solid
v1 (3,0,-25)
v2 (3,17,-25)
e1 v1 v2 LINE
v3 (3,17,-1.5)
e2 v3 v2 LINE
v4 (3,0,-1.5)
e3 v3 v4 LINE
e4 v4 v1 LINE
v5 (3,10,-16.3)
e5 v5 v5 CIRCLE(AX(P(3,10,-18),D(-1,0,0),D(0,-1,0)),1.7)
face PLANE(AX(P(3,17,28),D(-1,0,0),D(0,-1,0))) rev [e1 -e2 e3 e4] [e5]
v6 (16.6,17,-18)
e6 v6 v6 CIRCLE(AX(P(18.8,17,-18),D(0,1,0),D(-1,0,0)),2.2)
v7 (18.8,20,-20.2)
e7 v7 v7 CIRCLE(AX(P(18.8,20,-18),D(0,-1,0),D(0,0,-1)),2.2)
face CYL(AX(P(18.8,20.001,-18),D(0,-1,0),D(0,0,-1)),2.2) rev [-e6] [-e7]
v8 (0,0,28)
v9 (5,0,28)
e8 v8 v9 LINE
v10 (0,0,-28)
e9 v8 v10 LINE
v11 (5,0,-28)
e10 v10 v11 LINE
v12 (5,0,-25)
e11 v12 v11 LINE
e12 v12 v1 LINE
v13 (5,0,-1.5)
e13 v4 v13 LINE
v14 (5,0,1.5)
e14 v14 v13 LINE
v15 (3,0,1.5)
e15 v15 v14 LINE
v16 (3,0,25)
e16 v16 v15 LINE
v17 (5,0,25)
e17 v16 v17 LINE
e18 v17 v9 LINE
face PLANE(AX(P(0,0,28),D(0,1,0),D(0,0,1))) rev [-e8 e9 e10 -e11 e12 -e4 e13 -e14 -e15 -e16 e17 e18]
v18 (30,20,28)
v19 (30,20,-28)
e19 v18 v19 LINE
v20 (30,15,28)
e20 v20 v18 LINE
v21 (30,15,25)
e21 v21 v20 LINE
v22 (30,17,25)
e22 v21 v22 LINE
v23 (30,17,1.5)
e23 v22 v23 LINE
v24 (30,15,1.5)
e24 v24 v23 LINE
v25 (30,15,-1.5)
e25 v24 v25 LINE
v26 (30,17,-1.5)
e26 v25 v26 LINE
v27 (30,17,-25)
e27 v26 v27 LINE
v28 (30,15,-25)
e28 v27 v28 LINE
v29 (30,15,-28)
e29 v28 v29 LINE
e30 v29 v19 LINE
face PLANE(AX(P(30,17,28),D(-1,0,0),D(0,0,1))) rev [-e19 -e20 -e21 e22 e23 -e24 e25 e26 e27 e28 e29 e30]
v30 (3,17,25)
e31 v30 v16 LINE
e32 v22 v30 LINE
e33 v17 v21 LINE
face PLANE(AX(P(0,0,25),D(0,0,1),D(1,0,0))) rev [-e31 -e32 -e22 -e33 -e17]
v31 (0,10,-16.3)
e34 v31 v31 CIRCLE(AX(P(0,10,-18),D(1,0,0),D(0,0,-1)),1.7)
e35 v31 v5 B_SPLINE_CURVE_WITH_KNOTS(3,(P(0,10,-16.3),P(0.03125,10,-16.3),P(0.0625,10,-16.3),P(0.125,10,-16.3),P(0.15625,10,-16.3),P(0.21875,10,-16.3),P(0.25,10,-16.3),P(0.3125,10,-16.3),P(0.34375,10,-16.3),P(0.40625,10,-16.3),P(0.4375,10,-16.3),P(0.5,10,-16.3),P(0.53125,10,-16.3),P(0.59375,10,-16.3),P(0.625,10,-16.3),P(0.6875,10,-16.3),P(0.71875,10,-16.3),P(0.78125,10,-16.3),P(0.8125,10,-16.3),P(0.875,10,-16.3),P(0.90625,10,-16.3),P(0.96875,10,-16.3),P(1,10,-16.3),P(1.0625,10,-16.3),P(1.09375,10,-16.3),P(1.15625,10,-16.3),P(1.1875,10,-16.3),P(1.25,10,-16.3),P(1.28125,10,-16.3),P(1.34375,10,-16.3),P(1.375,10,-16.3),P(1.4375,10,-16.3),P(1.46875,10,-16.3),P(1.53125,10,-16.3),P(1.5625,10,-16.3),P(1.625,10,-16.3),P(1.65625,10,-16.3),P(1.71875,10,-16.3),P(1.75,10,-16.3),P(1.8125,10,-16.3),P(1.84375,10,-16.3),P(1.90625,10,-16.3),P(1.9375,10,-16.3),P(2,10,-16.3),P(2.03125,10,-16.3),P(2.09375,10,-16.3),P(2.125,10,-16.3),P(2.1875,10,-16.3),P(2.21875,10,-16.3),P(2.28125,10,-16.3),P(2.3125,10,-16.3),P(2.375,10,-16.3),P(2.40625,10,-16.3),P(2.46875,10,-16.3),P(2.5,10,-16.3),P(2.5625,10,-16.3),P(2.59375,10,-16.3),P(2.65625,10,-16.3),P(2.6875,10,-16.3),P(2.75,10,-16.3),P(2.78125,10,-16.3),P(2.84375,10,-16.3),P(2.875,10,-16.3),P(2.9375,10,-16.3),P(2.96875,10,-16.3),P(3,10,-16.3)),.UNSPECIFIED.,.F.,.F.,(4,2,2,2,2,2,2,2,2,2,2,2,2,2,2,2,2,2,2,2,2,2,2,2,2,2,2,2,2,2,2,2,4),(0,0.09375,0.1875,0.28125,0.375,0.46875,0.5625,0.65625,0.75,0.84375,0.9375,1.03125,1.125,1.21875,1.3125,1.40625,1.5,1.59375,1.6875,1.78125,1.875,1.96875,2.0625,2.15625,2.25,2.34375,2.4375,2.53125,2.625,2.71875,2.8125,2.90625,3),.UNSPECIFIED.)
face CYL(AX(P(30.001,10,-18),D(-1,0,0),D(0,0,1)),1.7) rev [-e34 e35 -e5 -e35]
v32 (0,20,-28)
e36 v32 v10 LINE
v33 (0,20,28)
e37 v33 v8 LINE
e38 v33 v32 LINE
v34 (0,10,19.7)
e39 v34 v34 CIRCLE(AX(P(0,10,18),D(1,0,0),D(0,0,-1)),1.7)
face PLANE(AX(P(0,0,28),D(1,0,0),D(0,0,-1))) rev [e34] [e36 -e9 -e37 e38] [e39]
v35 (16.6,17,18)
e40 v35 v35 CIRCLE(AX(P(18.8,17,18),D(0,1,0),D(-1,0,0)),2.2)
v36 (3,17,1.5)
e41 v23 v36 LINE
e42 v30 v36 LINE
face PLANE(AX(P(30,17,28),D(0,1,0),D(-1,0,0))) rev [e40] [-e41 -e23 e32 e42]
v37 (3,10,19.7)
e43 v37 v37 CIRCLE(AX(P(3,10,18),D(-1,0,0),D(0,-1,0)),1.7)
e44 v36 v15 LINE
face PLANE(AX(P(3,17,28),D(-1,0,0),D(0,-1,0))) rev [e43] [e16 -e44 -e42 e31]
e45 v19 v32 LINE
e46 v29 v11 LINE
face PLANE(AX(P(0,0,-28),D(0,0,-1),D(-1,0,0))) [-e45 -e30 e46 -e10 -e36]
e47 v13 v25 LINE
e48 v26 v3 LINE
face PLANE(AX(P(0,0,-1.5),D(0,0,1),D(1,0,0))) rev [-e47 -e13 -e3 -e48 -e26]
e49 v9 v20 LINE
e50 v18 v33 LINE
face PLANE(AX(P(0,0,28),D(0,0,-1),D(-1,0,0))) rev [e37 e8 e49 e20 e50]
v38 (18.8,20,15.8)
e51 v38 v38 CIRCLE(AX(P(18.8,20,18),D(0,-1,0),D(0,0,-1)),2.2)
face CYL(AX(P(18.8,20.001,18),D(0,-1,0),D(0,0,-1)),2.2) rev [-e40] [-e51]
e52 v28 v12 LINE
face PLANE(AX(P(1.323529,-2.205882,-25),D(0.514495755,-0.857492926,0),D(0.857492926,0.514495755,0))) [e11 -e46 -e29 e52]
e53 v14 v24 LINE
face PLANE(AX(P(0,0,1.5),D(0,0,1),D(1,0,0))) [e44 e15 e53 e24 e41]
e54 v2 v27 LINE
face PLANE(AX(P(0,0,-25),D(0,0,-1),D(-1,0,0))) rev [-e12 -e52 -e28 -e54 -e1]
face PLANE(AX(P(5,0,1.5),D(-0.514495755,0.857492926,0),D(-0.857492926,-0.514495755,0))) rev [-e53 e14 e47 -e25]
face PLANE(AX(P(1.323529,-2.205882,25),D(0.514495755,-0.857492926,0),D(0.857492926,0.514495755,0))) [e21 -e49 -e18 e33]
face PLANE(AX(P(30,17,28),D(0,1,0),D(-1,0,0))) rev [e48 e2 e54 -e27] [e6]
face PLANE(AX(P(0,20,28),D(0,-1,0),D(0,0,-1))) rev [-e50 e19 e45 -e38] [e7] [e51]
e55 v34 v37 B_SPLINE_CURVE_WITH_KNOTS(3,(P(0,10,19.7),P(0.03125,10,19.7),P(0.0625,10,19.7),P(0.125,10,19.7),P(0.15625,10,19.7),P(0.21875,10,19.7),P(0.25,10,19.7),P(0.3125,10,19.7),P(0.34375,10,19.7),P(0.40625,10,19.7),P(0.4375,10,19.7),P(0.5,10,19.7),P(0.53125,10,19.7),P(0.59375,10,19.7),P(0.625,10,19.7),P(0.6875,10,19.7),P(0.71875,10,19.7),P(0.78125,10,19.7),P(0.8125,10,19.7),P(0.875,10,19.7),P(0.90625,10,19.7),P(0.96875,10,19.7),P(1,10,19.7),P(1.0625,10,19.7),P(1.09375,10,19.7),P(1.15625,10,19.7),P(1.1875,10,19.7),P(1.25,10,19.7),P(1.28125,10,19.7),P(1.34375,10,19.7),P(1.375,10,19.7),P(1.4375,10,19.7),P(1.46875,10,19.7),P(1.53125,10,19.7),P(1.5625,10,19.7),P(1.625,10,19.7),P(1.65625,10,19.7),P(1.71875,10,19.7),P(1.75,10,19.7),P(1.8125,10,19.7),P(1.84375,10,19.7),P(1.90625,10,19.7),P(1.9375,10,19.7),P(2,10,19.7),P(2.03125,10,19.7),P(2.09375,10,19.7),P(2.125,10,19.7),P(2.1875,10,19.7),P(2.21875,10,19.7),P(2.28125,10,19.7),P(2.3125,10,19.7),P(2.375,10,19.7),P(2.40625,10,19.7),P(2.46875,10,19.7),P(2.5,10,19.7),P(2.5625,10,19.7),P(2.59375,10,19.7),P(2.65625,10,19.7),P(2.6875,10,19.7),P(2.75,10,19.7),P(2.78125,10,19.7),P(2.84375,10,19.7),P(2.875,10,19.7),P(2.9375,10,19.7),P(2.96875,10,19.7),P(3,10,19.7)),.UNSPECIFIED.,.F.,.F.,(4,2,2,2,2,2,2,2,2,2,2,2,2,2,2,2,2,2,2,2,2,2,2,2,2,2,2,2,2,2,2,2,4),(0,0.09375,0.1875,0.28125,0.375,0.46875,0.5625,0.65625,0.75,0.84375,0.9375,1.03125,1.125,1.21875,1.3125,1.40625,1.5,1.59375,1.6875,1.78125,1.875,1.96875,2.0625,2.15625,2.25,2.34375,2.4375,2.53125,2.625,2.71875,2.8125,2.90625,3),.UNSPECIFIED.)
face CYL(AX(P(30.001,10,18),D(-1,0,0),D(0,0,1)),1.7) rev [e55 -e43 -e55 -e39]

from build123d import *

# Parameters (mm, degrees)
EXTRUDE_1_DEPTH     = 28
EXTRUDE_START       = 28
EXTRUDE_2_DEPTH     = 3
EXTRUDE_3_DEPTH     = 1.5
EXTRUDE_START_2     = -28
EXTRUDE_4_DEPTH     = 3
CUT_EXTRUDE_1_REACH = 47.651
SKETCH_3_R          = 2.2
CUT_EXTRUDE_2_REACH = 47.651
SKETCH_4_R          = 1.7


with BuildPart() as part:
    # 草图1 → 凸台-拉伸1 (new, symmetric)
    with BuildSketch(Plane.XY):
        Polygon((0, 0), (0, 20), (30, 20), (30, 17), (3, 17), (3, 0), align=None)
    extrude(amount=EXTRUDE_1_DEPTH, both=True)

    # 草图2 → 凸台-拉伸2 (add)
    with BuildSketch(Plane.XY.offset(EXTRUDE_START)):
        Polygon((3, 0), (5, 0), (30, 15), (30, 17), (3, 17), align=None)
    extrude(amount=-EXTRUDE_2_DEPTH)

    # 草图2<2> → 凸台-拉伸3 (add, symmetric)
    with BuildSketch(Plane.XY):
        Polygon((3, 0), (5, 0), (30, 15), (30, 17), (3, 17), align=None)
    extrude(amount=EXTRUDE_3_DEPTH, both=True)

    # 草图2<3> → 凸台-拉伸4 (add)
    with BuildSketch(Plane.XY.offset(EXTRUDE_START_2)):
        Polygon((3, 0), (5, 0), (30, 15), (30, 17), (3, 17), align=None)
    extrude(amount=EXTRUDE_4_DEPTH)

    # 草图3 → 切除-拉伸1 (cut, up to next)
    with BuildSketch(Plane(origin=(0, 0, 0), x_dir=(1, 0, 0), z_dir=(0, 1, 0)), mode=Mode.PRIVATE) as cut_extrude_1_sk1:
        with Locations(Location((18.8, 18, 0), (0, 0, 90))):
            Circle(SKETCH_3_R)
    cut_extrude_1_tool1 = extrude(cut_extrude_1_sk1.sketch, amount=CUT_EXTRUDE_1_REACH, mode=Mode.PRIVATE) & part.part
    # 草图3 → 切除-拉伸1 (cut, up to next)
    with BuildSketch(Plane(origin=(0, 0, 0), x_dir=(1, 0, 0), z_dir=(0, 1, 0)), mode=Mode.PRIVATE) as cut_extrude_1_sk2:
        with Locations(Location((18.8, -18, 0), (0, 0, 90))):
            Circle(SKETCH_3_R)
    cut_extrude_1_tool2 = extrude(cut_extrude_1_sk2.sketch, amount=CUT_EXTRUDE_1_REACH, mode=Mode.PRIVATE) & part.part
    add(cut_extrude_1_tool1.solids().sort_by_distance((18.8, 0, -18))[0], mode=Mode.SUBTRACT)
    add(cut_extrude_1_tool2.solids().sort_by_distance((18.8, 0, 18))[0], mode=Mode.SUBTRACT)

    # 草图4 → 切除-拉伸2 (cut, up to next)
    with BuildSketch(Plane(origin=(0, 0, 0), x_dir=(0, 0, -1), z_dir=(1, 0, 0)), mode=Mode.PRIVATE) as cut_extrude_2_sk1:
        with Locations(Location((-18, 10, 0), (0, 0, 180))):
            Circle(SKETCH_4_R)
    cut_extrude_2_tool1 = extrude(cut_extrude_2_sk1.sketch, amount=CUT_EXTRUDE_2_REACH, mode=Mode.PRIVATE) & part.part
    # 草图4 → 切除-拉伸2 (cut, up to next)
    with BuildSketch(Plane(origin=(0, 0, 0), x_dir=(0, 0, -1), z_dir=(1, 0, 0)), mode=Mode.PRIVATE) as cut_extrude_2_sk2:
        with Locations(Location((18, 10, 0), (0, 0, 180))):
            Circle(SKETCH_4_R)
    cut_extrude_2_tool2 = extrude(cut_extrude_2_sk2.sketch, amount=CUT_EXTRUDE_2_REACH, mode=Mode.PRIVATE) & part.part
    add(cut_extrude_2_tool1.solids().sort_by_distance((0, 10, 18))[0], mode=Mode.SUBTRACT)
    add(cut_extrude_2_tool2.solids().sort_by_distance((0, 10, -18))[0], mode=Mode.SUBTRACT)


solid = part.part
